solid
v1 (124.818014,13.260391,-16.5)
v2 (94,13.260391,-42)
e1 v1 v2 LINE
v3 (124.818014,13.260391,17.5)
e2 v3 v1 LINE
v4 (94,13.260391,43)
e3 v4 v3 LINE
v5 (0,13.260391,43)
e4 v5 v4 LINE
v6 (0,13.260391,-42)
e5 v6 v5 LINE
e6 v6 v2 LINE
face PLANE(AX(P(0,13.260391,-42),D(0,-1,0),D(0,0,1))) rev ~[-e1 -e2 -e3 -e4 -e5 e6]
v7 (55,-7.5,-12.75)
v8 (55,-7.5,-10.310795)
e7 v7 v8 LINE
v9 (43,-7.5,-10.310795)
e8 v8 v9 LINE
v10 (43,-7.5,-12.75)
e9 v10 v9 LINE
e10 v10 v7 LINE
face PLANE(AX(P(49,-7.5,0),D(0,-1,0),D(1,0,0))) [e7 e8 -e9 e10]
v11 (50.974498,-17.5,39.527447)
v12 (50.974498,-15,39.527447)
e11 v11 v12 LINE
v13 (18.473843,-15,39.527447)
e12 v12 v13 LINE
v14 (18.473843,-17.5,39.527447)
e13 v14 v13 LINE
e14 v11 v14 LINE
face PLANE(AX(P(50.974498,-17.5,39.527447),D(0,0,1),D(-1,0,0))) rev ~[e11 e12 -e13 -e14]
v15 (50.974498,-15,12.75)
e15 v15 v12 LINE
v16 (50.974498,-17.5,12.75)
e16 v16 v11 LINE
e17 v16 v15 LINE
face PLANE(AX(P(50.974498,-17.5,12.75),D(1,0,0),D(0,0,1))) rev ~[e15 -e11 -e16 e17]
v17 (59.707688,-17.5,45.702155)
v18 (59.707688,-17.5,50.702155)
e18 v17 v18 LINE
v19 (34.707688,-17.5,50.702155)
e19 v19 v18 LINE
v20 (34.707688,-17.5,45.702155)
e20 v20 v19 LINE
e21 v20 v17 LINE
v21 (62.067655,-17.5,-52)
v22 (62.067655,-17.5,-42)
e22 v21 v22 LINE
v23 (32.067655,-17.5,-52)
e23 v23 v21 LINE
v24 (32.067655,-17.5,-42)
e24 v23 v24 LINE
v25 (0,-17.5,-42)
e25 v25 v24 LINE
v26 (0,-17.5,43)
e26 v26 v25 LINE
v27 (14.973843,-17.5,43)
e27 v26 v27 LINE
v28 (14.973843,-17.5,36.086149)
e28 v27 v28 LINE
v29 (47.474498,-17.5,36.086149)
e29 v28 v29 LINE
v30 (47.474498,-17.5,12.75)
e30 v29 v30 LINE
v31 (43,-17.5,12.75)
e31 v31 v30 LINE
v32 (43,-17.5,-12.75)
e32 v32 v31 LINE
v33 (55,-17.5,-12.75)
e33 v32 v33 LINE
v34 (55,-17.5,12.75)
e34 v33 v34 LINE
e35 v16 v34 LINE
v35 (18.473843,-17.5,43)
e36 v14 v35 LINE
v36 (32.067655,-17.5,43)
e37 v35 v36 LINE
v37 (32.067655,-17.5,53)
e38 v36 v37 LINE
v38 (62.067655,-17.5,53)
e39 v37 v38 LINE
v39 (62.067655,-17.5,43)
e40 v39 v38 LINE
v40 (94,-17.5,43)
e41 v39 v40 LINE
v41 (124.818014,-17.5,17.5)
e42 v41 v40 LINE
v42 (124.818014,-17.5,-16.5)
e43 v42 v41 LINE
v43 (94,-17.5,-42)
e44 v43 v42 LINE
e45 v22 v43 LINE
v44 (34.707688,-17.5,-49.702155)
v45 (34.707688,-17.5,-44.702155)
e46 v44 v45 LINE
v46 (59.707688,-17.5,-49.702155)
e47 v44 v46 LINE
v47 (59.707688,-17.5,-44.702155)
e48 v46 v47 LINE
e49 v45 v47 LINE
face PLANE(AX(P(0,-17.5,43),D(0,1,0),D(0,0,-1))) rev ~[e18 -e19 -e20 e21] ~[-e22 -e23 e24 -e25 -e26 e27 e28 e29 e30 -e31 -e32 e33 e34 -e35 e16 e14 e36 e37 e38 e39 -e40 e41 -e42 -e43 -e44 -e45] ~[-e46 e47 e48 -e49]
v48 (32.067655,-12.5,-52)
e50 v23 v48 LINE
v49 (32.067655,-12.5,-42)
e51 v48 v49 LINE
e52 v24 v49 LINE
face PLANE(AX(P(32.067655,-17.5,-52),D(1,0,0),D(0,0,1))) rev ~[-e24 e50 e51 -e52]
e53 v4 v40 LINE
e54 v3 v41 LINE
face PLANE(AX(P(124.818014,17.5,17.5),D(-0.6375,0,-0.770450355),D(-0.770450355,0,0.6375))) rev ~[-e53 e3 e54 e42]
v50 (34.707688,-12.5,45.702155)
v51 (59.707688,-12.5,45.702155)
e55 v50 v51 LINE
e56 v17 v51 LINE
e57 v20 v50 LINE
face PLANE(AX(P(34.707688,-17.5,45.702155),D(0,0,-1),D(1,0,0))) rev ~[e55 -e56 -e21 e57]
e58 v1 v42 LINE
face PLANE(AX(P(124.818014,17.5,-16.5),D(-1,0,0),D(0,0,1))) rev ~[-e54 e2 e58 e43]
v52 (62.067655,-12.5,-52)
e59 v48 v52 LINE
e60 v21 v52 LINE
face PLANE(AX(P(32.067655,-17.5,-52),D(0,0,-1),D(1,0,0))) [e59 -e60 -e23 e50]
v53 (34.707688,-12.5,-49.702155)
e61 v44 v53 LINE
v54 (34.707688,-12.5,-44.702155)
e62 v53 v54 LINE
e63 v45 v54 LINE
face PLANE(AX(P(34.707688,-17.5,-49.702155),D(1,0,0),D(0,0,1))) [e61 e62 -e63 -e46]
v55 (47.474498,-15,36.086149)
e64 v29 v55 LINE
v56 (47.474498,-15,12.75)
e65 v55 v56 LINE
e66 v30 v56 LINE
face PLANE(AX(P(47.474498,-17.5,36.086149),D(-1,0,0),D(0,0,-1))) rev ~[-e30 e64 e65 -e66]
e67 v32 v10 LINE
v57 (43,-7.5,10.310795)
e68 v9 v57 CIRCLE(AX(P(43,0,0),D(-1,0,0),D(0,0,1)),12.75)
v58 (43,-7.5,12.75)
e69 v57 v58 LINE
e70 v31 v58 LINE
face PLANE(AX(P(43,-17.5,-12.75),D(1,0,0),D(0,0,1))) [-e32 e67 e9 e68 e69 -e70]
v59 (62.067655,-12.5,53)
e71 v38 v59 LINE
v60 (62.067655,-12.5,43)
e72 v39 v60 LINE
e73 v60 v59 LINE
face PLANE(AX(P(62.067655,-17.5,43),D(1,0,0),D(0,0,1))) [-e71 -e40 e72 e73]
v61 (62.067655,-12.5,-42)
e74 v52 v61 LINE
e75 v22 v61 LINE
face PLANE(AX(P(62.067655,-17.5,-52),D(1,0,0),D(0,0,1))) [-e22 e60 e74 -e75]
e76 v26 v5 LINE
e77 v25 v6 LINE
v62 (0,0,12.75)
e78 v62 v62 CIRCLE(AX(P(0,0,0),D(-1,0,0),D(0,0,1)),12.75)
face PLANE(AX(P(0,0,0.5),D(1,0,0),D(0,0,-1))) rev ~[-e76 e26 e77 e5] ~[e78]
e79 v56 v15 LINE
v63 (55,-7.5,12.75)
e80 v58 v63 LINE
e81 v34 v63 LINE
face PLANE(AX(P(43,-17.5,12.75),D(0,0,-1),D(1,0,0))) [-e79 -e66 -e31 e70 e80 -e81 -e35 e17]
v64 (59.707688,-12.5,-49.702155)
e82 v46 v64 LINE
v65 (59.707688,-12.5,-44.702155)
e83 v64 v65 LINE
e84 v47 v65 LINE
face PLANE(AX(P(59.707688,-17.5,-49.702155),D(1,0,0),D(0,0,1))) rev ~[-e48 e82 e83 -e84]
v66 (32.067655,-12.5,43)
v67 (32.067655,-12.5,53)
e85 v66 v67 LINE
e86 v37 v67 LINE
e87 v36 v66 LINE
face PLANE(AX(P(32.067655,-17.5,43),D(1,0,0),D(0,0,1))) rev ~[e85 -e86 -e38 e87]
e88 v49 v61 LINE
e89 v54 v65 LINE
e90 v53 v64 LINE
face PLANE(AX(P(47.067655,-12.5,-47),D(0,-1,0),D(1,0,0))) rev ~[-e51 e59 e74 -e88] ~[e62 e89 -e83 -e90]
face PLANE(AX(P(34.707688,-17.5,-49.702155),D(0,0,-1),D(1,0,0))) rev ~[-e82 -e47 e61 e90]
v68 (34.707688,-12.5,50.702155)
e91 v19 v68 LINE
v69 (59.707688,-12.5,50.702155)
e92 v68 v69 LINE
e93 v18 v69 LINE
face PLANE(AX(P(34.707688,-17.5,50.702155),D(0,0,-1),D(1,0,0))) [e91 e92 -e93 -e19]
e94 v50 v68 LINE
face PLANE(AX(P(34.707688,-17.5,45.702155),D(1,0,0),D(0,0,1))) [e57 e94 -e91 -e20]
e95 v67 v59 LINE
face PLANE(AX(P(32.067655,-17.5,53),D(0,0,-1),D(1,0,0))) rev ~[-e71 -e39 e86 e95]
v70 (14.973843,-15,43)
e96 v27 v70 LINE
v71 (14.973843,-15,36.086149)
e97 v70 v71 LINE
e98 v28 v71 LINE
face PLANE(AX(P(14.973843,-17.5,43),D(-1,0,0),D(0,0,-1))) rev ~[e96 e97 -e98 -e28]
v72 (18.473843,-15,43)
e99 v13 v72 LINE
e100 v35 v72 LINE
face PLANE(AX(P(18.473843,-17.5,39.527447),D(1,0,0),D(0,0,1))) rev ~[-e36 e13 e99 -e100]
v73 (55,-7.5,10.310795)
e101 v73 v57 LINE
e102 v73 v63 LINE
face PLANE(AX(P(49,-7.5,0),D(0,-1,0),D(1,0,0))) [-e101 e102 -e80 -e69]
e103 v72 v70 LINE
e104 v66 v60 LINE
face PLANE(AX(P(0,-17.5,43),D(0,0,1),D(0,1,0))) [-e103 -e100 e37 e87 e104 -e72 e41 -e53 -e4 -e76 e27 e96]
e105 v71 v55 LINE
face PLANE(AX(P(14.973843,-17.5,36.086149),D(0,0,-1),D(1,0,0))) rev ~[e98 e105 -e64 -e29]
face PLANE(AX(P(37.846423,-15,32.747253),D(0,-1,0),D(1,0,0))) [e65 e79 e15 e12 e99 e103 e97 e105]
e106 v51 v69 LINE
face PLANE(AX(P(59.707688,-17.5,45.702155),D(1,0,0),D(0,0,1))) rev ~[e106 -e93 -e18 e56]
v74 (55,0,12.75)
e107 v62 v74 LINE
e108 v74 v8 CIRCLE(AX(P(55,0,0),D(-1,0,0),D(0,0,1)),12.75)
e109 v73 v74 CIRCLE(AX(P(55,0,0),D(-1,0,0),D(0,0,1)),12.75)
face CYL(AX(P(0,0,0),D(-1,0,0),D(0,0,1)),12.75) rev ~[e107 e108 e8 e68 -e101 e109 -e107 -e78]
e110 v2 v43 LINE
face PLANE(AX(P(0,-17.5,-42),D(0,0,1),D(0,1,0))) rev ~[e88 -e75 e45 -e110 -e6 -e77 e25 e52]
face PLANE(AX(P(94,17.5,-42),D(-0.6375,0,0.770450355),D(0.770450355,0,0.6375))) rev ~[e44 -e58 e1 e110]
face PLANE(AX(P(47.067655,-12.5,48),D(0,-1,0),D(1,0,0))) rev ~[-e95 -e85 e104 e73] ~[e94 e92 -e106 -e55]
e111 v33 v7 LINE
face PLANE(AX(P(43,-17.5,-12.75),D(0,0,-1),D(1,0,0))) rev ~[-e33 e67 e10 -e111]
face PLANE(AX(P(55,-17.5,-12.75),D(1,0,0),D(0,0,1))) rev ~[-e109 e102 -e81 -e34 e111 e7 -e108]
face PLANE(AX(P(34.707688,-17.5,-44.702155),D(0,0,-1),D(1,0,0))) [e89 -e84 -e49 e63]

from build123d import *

# Parameters (mm, degrees)
SKETCH1_W           = 85
SKETCH1_H           = 35
BOSS_EXTRUDE1_DEPTH = 145.5
SKETCH4_R           = 12.75
CUT_EXTRUDE2_DEPTH  = 55
CUT_EXTRUDE3_DEPTH  = 156.705651792
SKETCH11_W          = 12
SKETCH11_H          = 25.5
CUT_EXTRUDE5_DEPTH  = 10
CUT_EXTRUDE6_DEPTH  = 2.5
SKETCH14_W          = 30
SKETCH14_H          = 10
SKETCH14_W_2        = 25
SKETCH14_H_2        = 5
BOSS_EXTRUDE2_DEPTH = 5
CUT_EXTRUDE12_REACH = 138.729
SKETCH16_W          = 85
SKETCH16_H          = 4.239608998


with BuildPart() as part:
    # Sketch1 → Boss-Extrude1 (new body)
    with BuildSketch(Plane(origin=(0, 0, 0), x_dir=(0, 0, -1), z_dir=(1, 0, 0))):
        with Locations((-0.5, 0)):
            Rectangle(SKETCH1_W, SKETCH1_H)
    extrude(amount=BOSS_EXTRUDE1_DEPTH)

    # Sketch4 → Cut-Extrude2 (cut)
    with BuildSketch(Plane.ZY):
        Circle(SKETCH4_R)
    extrude(amount=-CUT_EXTRUDE2_DEPTH, mode=Mode.SUBTRACT)

    # Sketch9 → Cut-Extrude3 (cut, through all)
    with BuildSketch(Plane(origin=(0, 17.5, 0), x_dir=(1, 0, 0), z_dir=(0, 1, 0))):
        Polygon((145.5, 42), (94, 42), (124.818014212, 16.5), (124.818014212, -17.5), (94, -43), (145.5, -43), align=None)
    extrude(amount=-CUT_EXTRUDE3_DEPTH, mode=Mode.SUBTRACT)

    # Sketch11 → Cut-Extrude5 (cut)
    with BuildSketch(Plane.XZ.offset(17.5)):
        with Locations((49, 0)):
            Rectangle(SKETCH11_W, SKETCH11_H)
    extrude(amount=-CUT_EXTRUDE5_DEPTH, mode=Mode.SUBTRACT)

    # Sketch12 → Cut-Extrude6 (cut)
    with BuildSketch(Plane.XZ.offset(17.5)):
        Polygon((50.974497594, 39.527447374), (48.784580707, 39.527447374), (18.473843114, 39.527447374), (18.473843114, 43), (14.973843114, 43), (14.973843114, 39.527447374), (14.973843114, 36.086149409), (47.474497594, 36.086149409), (47.474497594, 12.75), (50.974497594, 12.75), (50.974497594, 36.086149409), align=None)
    extrude(amount=-CUT_EXTRUDE6_DEPTH, mode=Mode.SUBTRACT)

    # Sketch14 → Boss-Extrude2 (add)
    # profile 1 of 2: a face of its own
    with BuildSketch(Plane.XZ.offset(17.5)):
        with Locations((47.067654603, -47)):
            Rectangle(SKETCH14_W, SKETCH14_H)
        with Locations((47.207687623, -47.202155092)):
            Rectangle(SKETCH14_W_2, SKETCH14_H_2, mode=Mode.SUBTRACT)
    # profile 2 of 2: a face of its own
    with BuildSketch(Plane.XZ.offset(17.5)):
        with Locations((47.067654603, 48)):
            Rectangle(SKETCH14_W, SKETCH14_H)
        with Locations((47.207687623, 48.202155092)):
            Rectangle(SKETCH14_W_2, SKETCH14_H_2, mode=Mode.SUBTRACT)
    extrude(amount=-BOSS_EXTRUDE2_DEPTH)

    # Sketch16 → Cut-Extrude12 (cut, up to next)
    with BuildSketch(Plane.ZY, mode=Mode.PRIVATE) as cut_extrude12_sk1:
        with Locations((0.5, 15.380195501)):
            Rectangle(SKETCH16_W, SKETCH16_H)
    cut_extrude12_tool1 = extrude(cut_extrude12_sk1.sketch, amount=-CUT_EXTRUDE12_REACH, mode=Mode.PRIVATE) & part.part
    add(cut_extrude12_tool1.solids().sort_by_distance((0, 15.380196, 0.5))[0], mode=Mode.SUBTRACT)


solid = part.part
